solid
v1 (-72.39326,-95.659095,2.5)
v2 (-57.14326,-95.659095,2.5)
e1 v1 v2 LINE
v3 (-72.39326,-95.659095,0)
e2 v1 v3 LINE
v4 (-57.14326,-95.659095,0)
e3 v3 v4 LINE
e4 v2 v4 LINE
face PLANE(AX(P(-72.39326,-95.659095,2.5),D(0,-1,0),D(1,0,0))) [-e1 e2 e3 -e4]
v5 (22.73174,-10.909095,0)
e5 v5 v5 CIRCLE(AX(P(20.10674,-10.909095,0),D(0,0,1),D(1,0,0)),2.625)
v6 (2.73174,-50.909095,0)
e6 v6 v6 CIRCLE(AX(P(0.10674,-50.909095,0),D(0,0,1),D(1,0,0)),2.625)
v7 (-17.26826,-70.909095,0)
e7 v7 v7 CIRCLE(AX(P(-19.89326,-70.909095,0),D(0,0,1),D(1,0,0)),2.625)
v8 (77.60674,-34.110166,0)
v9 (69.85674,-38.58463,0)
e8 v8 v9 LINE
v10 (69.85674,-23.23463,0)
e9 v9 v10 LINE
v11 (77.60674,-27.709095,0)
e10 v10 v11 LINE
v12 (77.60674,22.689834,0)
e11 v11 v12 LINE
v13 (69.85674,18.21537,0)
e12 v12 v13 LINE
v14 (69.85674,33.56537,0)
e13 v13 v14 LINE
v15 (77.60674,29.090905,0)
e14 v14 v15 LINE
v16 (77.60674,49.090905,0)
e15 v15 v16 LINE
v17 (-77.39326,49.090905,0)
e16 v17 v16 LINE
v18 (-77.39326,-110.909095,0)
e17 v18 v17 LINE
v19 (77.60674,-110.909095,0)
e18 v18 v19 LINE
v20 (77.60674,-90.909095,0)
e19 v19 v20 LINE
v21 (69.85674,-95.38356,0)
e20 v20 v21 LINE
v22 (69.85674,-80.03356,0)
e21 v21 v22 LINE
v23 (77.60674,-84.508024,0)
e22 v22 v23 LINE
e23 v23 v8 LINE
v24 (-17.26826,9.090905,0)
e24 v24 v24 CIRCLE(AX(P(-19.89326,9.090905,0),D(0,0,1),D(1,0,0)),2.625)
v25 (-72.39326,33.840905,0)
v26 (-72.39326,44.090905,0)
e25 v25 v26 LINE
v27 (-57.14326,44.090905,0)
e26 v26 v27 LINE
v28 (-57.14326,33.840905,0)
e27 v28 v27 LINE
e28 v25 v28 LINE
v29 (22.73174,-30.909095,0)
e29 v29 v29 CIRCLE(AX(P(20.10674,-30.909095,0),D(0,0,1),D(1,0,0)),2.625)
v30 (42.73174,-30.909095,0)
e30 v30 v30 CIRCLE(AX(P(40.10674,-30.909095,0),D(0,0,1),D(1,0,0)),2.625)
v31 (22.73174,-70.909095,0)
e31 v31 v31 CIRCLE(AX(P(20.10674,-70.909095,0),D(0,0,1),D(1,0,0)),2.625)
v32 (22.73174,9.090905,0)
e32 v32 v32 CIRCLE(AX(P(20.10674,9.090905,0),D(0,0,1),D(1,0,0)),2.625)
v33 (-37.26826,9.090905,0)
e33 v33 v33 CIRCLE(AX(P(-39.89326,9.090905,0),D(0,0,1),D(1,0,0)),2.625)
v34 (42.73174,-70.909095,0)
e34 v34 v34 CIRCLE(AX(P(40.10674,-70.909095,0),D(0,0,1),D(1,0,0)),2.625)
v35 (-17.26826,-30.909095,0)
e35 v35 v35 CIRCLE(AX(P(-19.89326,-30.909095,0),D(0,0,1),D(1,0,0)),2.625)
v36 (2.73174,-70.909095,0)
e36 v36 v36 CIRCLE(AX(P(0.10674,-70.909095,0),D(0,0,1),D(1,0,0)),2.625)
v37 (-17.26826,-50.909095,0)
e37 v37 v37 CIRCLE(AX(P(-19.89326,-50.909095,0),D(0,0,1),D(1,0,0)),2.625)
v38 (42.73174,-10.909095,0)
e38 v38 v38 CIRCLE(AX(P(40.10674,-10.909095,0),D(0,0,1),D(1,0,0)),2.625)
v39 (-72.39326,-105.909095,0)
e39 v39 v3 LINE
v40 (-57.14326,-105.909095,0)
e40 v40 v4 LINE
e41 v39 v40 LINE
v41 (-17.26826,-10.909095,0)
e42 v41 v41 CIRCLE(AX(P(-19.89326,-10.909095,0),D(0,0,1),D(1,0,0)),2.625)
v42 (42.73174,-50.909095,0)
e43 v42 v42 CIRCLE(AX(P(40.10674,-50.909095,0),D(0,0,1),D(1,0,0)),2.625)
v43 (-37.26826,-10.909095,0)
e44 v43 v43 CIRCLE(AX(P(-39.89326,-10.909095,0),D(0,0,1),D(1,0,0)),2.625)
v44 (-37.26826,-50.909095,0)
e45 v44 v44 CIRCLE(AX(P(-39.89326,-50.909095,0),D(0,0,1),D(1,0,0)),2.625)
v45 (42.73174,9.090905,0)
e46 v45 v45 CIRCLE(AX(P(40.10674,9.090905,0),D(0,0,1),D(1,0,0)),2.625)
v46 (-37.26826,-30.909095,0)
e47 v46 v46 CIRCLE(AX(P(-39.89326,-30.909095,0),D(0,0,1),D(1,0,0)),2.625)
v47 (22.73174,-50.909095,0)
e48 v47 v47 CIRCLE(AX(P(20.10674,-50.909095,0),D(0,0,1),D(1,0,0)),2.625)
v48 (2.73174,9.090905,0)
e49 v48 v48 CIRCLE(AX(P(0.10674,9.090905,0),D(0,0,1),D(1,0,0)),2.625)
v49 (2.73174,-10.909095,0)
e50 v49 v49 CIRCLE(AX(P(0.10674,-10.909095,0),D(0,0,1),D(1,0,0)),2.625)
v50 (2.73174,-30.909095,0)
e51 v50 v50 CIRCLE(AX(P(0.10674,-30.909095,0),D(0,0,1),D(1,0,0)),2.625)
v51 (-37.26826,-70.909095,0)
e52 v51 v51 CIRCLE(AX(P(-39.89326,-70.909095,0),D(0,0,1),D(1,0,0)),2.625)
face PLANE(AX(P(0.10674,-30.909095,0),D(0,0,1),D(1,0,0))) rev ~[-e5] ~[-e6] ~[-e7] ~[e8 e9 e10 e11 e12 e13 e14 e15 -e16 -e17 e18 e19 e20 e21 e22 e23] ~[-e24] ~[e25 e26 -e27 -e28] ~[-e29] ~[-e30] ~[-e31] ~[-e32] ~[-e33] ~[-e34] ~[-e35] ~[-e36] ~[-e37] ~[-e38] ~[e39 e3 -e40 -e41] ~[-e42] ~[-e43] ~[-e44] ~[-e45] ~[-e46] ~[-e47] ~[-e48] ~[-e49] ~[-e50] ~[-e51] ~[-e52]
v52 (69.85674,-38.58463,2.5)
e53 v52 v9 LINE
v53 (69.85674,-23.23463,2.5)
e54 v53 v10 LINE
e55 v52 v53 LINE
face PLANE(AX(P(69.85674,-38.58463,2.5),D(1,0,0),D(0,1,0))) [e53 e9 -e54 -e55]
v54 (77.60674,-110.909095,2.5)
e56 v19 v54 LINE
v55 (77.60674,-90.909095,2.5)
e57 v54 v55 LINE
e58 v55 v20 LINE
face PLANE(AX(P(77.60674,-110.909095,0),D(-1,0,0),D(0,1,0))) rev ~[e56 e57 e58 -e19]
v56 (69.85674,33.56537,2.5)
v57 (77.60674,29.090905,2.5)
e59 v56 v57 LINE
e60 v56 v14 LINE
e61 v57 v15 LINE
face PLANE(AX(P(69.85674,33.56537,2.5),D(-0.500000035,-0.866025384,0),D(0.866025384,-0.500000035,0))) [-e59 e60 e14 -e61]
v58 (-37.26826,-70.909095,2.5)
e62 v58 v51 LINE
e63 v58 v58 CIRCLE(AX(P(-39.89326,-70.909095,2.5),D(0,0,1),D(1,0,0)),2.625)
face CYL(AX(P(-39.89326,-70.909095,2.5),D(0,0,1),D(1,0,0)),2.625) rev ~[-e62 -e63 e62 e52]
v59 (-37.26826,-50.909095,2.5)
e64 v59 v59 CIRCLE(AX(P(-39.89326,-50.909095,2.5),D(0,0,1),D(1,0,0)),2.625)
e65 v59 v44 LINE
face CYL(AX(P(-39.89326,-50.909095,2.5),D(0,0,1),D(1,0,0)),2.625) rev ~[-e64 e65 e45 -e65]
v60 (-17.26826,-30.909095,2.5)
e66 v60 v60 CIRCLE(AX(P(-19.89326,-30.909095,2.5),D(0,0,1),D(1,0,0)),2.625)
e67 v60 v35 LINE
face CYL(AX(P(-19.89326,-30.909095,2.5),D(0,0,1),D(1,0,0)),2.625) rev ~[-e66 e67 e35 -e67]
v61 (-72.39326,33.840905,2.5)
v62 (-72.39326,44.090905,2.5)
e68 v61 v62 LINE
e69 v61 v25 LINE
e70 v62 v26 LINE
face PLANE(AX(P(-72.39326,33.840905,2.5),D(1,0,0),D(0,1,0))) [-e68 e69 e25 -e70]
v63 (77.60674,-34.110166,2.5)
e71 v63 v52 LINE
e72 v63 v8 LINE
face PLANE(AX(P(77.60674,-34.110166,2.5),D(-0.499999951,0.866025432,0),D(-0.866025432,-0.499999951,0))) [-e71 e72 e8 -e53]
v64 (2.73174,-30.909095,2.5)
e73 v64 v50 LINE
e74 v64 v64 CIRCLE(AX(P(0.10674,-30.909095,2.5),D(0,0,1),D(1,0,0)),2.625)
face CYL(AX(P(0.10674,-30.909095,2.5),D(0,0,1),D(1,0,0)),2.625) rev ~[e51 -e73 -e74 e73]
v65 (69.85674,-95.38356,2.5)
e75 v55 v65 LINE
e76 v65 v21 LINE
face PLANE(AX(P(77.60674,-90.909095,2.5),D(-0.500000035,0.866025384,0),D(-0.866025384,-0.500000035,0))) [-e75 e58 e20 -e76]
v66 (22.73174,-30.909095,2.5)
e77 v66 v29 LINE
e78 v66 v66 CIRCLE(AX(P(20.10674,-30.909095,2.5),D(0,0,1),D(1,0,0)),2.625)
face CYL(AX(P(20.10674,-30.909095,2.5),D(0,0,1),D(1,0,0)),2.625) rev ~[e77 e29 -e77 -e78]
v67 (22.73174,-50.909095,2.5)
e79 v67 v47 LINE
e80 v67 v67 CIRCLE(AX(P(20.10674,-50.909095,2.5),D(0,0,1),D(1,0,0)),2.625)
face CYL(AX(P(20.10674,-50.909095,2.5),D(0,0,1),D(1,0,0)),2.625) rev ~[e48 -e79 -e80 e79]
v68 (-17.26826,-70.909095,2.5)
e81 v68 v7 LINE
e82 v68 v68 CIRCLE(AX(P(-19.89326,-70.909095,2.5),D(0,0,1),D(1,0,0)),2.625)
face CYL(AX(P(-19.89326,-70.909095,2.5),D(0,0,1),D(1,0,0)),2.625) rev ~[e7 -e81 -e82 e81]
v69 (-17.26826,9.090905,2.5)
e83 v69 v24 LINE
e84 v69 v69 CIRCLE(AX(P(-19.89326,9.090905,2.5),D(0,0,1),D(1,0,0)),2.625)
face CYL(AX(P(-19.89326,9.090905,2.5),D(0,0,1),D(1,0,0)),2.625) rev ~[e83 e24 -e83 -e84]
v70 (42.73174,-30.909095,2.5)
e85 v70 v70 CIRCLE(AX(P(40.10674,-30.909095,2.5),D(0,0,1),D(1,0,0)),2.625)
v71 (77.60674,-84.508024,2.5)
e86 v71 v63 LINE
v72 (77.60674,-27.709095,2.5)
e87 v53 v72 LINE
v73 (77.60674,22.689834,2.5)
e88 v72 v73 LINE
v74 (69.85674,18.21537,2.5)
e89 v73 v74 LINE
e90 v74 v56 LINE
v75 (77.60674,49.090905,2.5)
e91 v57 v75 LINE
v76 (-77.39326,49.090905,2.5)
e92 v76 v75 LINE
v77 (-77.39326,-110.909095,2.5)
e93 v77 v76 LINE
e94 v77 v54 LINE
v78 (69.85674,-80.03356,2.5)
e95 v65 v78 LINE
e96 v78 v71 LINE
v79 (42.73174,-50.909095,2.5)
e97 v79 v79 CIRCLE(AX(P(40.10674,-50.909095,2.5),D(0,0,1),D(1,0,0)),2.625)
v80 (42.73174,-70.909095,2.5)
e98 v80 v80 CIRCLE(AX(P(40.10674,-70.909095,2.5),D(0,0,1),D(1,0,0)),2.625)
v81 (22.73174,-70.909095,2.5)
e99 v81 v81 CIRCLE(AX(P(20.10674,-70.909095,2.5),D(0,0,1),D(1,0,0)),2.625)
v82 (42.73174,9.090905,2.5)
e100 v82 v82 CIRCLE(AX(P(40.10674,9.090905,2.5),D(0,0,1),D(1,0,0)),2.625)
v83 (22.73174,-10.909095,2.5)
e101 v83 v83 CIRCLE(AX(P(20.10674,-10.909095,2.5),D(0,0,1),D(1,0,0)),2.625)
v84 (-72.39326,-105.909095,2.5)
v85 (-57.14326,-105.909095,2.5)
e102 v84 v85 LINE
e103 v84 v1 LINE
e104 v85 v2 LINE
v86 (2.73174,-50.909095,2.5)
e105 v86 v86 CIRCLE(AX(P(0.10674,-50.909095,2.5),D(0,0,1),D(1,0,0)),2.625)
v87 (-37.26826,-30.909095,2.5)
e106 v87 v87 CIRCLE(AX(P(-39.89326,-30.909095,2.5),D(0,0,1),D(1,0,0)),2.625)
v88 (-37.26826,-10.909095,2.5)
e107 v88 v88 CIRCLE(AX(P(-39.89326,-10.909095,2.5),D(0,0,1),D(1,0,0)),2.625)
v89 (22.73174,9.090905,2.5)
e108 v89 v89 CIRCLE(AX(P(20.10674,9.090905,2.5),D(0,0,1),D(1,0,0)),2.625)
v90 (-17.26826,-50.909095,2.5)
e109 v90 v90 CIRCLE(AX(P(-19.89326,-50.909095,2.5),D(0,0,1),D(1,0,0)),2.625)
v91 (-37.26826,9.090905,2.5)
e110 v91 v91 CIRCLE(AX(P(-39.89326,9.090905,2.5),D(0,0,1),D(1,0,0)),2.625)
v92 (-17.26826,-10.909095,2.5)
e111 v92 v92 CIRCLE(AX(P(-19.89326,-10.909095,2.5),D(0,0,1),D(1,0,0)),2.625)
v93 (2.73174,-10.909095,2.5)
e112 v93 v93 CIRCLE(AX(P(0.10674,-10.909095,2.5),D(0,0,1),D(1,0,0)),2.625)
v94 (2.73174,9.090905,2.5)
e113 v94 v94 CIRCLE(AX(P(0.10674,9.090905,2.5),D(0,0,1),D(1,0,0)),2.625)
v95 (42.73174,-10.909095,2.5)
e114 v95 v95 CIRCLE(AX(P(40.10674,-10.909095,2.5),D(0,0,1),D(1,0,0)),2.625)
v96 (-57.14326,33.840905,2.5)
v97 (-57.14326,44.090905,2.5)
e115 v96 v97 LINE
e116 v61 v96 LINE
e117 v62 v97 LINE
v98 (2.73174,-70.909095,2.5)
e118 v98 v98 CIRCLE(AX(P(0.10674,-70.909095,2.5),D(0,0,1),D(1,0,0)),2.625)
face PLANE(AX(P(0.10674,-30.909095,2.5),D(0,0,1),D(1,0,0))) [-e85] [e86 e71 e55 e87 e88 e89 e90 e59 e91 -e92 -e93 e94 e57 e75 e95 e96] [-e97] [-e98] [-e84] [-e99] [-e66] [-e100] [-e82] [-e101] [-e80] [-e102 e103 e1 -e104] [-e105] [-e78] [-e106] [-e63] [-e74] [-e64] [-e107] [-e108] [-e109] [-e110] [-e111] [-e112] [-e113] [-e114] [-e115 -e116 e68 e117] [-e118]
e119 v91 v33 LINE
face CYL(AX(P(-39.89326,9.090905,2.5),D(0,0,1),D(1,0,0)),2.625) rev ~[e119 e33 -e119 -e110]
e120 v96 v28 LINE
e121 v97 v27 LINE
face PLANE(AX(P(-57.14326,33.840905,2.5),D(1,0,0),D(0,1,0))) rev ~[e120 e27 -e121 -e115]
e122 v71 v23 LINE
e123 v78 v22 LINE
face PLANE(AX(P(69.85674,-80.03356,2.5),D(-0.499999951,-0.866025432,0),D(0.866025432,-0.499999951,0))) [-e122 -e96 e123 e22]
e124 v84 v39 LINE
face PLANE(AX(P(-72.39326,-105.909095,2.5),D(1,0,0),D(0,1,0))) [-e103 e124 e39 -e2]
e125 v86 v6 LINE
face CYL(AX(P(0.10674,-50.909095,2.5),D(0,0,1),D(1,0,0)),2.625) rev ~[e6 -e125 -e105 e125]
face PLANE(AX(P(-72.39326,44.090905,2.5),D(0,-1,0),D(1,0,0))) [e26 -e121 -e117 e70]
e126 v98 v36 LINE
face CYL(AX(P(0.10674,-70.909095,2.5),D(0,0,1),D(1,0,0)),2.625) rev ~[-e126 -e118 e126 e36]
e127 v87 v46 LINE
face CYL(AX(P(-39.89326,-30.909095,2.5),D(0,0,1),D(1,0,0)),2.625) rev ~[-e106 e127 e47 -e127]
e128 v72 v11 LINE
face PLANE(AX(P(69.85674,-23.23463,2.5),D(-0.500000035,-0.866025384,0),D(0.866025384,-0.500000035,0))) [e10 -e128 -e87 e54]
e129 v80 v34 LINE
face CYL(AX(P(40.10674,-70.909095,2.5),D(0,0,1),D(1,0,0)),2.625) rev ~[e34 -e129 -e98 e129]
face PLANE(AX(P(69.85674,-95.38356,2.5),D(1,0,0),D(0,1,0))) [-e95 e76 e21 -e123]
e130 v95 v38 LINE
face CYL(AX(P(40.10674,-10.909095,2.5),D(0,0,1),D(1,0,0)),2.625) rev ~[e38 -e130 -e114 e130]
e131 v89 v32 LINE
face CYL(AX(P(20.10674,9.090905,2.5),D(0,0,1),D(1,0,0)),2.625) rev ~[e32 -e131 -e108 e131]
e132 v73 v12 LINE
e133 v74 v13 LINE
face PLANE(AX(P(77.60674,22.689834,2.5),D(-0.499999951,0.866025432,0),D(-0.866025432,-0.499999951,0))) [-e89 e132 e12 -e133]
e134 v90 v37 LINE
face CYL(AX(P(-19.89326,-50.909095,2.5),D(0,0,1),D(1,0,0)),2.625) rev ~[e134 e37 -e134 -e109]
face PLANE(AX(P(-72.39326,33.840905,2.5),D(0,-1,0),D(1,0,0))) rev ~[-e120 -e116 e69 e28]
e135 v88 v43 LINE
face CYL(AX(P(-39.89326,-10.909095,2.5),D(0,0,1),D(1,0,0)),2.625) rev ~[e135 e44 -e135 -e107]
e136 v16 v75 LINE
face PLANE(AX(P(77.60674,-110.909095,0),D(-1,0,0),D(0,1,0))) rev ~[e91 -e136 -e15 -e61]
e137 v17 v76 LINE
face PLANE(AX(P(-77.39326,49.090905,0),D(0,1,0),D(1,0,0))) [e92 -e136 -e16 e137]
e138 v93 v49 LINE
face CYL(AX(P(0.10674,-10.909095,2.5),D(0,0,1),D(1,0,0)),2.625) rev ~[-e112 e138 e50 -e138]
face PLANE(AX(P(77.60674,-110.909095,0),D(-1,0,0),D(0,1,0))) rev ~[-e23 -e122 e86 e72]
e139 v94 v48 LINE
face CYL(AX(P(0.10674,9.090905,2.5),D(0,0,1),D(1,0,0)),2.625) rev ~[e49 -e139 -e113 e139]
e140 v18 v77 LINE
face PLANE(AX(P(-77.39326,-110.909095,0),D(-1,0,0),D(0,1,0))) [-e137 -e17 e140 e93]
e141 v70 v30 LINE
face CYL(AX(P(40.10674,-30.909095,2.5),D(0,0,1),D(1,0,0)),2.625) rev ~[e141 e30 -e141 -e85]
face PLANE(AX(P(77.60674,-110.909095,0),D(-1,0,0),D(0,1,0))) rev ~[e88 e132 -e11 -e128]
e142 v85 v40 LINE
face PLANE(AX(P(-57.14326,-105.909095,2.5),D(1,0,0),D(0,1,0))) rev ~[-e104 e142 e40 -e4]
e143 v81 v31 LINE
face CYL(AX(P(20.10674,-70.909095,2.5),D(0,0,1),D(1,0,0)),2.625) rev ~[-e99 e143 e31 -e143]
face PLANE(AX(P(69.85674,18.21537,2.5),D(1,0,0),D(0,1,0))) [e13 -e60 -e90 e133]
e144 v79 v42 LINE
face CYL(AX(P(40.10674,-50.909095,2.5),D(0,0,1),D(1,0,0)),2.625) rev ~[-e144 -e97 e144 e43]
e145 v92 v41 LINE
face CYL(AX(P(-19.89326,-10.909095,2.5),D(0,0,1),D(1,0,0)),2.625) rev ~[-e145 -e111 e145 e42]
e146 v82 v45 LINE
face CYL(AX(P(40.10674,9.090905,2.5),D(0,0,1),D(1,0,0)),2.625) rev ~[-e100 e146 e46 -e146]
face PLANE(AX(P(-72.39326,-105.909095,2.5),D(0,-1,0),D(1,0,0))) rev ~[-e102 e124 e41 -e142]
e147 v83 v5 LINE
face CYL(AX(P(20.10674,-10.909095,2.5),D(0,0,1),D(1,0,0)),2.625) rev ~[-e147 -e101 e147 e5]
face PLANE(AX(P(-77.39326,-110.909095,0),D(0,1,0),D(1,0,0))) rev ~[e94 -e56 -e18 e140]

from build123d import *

# Parameters (mm, degrees)
SKETCH_W        = 155
SKETCH_H        = 160
PAD_DEPTH       = 2.5
SKETCH001_W     = 15.25
SKETCH001_H     = 10.25
POCKET_DEPTH    = 2.5
SKETCH002_R     = 2.625
POCKET001_DEPTH = 2.5
POCKET002_DEPTH = 2.5


with BuildPart() as part:
    # Sketch → Pad (new body)
    with BuildSketch(Plane.XY):
        with Locations((0.10674, -30.909095)):
            Rectangle(SKETCH_W, SKETCH_H)
    extrude(amount=PAD_DEPTH)

    # Sketch001 (on Face6 of Pad) → Pocket (cut)
    with BuildSketch(Plane.XY.offset(2.5)):
        with Locations((-64.76826, 38.965905)):
            Rectangle(SKETCH001_W, SKETCH001_H)
        with Locations((-64.76826, -100.784095)):
            Rectangle(SKETCH001_W, SKETCH001_H)
    extrude(amount=-POCKET_DEPTH, mode=Mode.SUBTRACT)

    # Sketch002 (on Face5 of Pocket) → Pocket001 (cut)
    with BuildSketch(Plane.XY.offset(2.5)):
        with Locations((-19.89326, -30.909095)):
            Circle(SKETCH002_R)
        with Locations((-39.89326, -30.909095)):
            Circle(SKETCH002_R)
        with Locations((0.10674, -30.909095)):
            Circle(SKETCH002_R)
        with Locations((20.10674, -30.909095)):
            Circle(SKETCH002_R)
        with Locations((40.10674, -30.909095)):
            Circle(SKETCH002_R)
        with Locations((-39.89326, -10.909095)):
            Circle(SKETCH002_R)
        with Locations((-19.89326, -10.909095)):
            Circle(SKETCH002_R)
        with Locations((0.10674, -10.909095)):
            Circle(SKETCH002_R)
        with Locations((20.10674, -10.909095)):
            Circle(SKETCH002_R)
        with Locations((40.10674, -10.909095)):
            Circle(SKETCH002_R)
        with Locations((-39.89326, -50.909095)):
            Circle(SKETCH002_R)
        with Locations((-19.89326, -50.909095)):
            Circle(SKETCH002_R)
        with Locations((0.10674, -50.909095)):
            Circle(SKETCH002_R)
        with Locations((20.10674, -50.909095)):
            Circle(SKETCH002_R)
        with Locations((40.10674, -50.909095)):
            Circle(SKETCH002_R)
        with Locations((-39.89326, -70.909095)):
            Circle(SKETCH002_R)
        with Locations((-19.89326, -70.909095)):
            Circle(SKETCH002_R)
        with Locations((0.10674, -70.909095)):
            Circle(SKETCH002_R)
        with Locations((20.10674, -70.909095)):
            Circle(SKETCH002_R)
        with Locations((40.10674, -70.909095)):
            Circle(SKETCH002_R)
        with Locations((-39.89326, 9.090905)):
            Circle(SKETCH002_R)
        with Locations((-19.89326, 9.090905)):
            Circle(SKETCH002_R)
        with Locations((0.10674, 9.090905)):
            Circle(SKETCH002_R)
        with Locations((20.10674, 9.090905)):
            Circle(SKETCH002_R)
        with Locations((40.10674, 9.090905)):
            Circle(SKETCH002_R)
    extrude(amount=-POCKET001_DEPTH, mode=Mode.SUBTRACT)

    # Sketch003 (on Face5 of Pocket001) → Pocket002 (cut)
    with BuildSketch(Plane.XY.offset(2.5)):
        Polygon((77.60674, -90.909095), (69.85674, -95.38356), (69.85674, -80.03356), (77.60674, -84.508024), align=None)
        Polygon((77.60674, -34.110166), (69.85674, -38.58463), (69.85674, -23.23463), (77.60674, -27.709095), align=None)
        Polygon((77.60674, 22.689834), (69.85674, 18.21537), (69.85674, 33.56537), (77.60674, 29.090905), align=None)
    extrude(amount=-POCKET002_DEPTH, mode=Mode.SUBTRACT)


solid = part.part
